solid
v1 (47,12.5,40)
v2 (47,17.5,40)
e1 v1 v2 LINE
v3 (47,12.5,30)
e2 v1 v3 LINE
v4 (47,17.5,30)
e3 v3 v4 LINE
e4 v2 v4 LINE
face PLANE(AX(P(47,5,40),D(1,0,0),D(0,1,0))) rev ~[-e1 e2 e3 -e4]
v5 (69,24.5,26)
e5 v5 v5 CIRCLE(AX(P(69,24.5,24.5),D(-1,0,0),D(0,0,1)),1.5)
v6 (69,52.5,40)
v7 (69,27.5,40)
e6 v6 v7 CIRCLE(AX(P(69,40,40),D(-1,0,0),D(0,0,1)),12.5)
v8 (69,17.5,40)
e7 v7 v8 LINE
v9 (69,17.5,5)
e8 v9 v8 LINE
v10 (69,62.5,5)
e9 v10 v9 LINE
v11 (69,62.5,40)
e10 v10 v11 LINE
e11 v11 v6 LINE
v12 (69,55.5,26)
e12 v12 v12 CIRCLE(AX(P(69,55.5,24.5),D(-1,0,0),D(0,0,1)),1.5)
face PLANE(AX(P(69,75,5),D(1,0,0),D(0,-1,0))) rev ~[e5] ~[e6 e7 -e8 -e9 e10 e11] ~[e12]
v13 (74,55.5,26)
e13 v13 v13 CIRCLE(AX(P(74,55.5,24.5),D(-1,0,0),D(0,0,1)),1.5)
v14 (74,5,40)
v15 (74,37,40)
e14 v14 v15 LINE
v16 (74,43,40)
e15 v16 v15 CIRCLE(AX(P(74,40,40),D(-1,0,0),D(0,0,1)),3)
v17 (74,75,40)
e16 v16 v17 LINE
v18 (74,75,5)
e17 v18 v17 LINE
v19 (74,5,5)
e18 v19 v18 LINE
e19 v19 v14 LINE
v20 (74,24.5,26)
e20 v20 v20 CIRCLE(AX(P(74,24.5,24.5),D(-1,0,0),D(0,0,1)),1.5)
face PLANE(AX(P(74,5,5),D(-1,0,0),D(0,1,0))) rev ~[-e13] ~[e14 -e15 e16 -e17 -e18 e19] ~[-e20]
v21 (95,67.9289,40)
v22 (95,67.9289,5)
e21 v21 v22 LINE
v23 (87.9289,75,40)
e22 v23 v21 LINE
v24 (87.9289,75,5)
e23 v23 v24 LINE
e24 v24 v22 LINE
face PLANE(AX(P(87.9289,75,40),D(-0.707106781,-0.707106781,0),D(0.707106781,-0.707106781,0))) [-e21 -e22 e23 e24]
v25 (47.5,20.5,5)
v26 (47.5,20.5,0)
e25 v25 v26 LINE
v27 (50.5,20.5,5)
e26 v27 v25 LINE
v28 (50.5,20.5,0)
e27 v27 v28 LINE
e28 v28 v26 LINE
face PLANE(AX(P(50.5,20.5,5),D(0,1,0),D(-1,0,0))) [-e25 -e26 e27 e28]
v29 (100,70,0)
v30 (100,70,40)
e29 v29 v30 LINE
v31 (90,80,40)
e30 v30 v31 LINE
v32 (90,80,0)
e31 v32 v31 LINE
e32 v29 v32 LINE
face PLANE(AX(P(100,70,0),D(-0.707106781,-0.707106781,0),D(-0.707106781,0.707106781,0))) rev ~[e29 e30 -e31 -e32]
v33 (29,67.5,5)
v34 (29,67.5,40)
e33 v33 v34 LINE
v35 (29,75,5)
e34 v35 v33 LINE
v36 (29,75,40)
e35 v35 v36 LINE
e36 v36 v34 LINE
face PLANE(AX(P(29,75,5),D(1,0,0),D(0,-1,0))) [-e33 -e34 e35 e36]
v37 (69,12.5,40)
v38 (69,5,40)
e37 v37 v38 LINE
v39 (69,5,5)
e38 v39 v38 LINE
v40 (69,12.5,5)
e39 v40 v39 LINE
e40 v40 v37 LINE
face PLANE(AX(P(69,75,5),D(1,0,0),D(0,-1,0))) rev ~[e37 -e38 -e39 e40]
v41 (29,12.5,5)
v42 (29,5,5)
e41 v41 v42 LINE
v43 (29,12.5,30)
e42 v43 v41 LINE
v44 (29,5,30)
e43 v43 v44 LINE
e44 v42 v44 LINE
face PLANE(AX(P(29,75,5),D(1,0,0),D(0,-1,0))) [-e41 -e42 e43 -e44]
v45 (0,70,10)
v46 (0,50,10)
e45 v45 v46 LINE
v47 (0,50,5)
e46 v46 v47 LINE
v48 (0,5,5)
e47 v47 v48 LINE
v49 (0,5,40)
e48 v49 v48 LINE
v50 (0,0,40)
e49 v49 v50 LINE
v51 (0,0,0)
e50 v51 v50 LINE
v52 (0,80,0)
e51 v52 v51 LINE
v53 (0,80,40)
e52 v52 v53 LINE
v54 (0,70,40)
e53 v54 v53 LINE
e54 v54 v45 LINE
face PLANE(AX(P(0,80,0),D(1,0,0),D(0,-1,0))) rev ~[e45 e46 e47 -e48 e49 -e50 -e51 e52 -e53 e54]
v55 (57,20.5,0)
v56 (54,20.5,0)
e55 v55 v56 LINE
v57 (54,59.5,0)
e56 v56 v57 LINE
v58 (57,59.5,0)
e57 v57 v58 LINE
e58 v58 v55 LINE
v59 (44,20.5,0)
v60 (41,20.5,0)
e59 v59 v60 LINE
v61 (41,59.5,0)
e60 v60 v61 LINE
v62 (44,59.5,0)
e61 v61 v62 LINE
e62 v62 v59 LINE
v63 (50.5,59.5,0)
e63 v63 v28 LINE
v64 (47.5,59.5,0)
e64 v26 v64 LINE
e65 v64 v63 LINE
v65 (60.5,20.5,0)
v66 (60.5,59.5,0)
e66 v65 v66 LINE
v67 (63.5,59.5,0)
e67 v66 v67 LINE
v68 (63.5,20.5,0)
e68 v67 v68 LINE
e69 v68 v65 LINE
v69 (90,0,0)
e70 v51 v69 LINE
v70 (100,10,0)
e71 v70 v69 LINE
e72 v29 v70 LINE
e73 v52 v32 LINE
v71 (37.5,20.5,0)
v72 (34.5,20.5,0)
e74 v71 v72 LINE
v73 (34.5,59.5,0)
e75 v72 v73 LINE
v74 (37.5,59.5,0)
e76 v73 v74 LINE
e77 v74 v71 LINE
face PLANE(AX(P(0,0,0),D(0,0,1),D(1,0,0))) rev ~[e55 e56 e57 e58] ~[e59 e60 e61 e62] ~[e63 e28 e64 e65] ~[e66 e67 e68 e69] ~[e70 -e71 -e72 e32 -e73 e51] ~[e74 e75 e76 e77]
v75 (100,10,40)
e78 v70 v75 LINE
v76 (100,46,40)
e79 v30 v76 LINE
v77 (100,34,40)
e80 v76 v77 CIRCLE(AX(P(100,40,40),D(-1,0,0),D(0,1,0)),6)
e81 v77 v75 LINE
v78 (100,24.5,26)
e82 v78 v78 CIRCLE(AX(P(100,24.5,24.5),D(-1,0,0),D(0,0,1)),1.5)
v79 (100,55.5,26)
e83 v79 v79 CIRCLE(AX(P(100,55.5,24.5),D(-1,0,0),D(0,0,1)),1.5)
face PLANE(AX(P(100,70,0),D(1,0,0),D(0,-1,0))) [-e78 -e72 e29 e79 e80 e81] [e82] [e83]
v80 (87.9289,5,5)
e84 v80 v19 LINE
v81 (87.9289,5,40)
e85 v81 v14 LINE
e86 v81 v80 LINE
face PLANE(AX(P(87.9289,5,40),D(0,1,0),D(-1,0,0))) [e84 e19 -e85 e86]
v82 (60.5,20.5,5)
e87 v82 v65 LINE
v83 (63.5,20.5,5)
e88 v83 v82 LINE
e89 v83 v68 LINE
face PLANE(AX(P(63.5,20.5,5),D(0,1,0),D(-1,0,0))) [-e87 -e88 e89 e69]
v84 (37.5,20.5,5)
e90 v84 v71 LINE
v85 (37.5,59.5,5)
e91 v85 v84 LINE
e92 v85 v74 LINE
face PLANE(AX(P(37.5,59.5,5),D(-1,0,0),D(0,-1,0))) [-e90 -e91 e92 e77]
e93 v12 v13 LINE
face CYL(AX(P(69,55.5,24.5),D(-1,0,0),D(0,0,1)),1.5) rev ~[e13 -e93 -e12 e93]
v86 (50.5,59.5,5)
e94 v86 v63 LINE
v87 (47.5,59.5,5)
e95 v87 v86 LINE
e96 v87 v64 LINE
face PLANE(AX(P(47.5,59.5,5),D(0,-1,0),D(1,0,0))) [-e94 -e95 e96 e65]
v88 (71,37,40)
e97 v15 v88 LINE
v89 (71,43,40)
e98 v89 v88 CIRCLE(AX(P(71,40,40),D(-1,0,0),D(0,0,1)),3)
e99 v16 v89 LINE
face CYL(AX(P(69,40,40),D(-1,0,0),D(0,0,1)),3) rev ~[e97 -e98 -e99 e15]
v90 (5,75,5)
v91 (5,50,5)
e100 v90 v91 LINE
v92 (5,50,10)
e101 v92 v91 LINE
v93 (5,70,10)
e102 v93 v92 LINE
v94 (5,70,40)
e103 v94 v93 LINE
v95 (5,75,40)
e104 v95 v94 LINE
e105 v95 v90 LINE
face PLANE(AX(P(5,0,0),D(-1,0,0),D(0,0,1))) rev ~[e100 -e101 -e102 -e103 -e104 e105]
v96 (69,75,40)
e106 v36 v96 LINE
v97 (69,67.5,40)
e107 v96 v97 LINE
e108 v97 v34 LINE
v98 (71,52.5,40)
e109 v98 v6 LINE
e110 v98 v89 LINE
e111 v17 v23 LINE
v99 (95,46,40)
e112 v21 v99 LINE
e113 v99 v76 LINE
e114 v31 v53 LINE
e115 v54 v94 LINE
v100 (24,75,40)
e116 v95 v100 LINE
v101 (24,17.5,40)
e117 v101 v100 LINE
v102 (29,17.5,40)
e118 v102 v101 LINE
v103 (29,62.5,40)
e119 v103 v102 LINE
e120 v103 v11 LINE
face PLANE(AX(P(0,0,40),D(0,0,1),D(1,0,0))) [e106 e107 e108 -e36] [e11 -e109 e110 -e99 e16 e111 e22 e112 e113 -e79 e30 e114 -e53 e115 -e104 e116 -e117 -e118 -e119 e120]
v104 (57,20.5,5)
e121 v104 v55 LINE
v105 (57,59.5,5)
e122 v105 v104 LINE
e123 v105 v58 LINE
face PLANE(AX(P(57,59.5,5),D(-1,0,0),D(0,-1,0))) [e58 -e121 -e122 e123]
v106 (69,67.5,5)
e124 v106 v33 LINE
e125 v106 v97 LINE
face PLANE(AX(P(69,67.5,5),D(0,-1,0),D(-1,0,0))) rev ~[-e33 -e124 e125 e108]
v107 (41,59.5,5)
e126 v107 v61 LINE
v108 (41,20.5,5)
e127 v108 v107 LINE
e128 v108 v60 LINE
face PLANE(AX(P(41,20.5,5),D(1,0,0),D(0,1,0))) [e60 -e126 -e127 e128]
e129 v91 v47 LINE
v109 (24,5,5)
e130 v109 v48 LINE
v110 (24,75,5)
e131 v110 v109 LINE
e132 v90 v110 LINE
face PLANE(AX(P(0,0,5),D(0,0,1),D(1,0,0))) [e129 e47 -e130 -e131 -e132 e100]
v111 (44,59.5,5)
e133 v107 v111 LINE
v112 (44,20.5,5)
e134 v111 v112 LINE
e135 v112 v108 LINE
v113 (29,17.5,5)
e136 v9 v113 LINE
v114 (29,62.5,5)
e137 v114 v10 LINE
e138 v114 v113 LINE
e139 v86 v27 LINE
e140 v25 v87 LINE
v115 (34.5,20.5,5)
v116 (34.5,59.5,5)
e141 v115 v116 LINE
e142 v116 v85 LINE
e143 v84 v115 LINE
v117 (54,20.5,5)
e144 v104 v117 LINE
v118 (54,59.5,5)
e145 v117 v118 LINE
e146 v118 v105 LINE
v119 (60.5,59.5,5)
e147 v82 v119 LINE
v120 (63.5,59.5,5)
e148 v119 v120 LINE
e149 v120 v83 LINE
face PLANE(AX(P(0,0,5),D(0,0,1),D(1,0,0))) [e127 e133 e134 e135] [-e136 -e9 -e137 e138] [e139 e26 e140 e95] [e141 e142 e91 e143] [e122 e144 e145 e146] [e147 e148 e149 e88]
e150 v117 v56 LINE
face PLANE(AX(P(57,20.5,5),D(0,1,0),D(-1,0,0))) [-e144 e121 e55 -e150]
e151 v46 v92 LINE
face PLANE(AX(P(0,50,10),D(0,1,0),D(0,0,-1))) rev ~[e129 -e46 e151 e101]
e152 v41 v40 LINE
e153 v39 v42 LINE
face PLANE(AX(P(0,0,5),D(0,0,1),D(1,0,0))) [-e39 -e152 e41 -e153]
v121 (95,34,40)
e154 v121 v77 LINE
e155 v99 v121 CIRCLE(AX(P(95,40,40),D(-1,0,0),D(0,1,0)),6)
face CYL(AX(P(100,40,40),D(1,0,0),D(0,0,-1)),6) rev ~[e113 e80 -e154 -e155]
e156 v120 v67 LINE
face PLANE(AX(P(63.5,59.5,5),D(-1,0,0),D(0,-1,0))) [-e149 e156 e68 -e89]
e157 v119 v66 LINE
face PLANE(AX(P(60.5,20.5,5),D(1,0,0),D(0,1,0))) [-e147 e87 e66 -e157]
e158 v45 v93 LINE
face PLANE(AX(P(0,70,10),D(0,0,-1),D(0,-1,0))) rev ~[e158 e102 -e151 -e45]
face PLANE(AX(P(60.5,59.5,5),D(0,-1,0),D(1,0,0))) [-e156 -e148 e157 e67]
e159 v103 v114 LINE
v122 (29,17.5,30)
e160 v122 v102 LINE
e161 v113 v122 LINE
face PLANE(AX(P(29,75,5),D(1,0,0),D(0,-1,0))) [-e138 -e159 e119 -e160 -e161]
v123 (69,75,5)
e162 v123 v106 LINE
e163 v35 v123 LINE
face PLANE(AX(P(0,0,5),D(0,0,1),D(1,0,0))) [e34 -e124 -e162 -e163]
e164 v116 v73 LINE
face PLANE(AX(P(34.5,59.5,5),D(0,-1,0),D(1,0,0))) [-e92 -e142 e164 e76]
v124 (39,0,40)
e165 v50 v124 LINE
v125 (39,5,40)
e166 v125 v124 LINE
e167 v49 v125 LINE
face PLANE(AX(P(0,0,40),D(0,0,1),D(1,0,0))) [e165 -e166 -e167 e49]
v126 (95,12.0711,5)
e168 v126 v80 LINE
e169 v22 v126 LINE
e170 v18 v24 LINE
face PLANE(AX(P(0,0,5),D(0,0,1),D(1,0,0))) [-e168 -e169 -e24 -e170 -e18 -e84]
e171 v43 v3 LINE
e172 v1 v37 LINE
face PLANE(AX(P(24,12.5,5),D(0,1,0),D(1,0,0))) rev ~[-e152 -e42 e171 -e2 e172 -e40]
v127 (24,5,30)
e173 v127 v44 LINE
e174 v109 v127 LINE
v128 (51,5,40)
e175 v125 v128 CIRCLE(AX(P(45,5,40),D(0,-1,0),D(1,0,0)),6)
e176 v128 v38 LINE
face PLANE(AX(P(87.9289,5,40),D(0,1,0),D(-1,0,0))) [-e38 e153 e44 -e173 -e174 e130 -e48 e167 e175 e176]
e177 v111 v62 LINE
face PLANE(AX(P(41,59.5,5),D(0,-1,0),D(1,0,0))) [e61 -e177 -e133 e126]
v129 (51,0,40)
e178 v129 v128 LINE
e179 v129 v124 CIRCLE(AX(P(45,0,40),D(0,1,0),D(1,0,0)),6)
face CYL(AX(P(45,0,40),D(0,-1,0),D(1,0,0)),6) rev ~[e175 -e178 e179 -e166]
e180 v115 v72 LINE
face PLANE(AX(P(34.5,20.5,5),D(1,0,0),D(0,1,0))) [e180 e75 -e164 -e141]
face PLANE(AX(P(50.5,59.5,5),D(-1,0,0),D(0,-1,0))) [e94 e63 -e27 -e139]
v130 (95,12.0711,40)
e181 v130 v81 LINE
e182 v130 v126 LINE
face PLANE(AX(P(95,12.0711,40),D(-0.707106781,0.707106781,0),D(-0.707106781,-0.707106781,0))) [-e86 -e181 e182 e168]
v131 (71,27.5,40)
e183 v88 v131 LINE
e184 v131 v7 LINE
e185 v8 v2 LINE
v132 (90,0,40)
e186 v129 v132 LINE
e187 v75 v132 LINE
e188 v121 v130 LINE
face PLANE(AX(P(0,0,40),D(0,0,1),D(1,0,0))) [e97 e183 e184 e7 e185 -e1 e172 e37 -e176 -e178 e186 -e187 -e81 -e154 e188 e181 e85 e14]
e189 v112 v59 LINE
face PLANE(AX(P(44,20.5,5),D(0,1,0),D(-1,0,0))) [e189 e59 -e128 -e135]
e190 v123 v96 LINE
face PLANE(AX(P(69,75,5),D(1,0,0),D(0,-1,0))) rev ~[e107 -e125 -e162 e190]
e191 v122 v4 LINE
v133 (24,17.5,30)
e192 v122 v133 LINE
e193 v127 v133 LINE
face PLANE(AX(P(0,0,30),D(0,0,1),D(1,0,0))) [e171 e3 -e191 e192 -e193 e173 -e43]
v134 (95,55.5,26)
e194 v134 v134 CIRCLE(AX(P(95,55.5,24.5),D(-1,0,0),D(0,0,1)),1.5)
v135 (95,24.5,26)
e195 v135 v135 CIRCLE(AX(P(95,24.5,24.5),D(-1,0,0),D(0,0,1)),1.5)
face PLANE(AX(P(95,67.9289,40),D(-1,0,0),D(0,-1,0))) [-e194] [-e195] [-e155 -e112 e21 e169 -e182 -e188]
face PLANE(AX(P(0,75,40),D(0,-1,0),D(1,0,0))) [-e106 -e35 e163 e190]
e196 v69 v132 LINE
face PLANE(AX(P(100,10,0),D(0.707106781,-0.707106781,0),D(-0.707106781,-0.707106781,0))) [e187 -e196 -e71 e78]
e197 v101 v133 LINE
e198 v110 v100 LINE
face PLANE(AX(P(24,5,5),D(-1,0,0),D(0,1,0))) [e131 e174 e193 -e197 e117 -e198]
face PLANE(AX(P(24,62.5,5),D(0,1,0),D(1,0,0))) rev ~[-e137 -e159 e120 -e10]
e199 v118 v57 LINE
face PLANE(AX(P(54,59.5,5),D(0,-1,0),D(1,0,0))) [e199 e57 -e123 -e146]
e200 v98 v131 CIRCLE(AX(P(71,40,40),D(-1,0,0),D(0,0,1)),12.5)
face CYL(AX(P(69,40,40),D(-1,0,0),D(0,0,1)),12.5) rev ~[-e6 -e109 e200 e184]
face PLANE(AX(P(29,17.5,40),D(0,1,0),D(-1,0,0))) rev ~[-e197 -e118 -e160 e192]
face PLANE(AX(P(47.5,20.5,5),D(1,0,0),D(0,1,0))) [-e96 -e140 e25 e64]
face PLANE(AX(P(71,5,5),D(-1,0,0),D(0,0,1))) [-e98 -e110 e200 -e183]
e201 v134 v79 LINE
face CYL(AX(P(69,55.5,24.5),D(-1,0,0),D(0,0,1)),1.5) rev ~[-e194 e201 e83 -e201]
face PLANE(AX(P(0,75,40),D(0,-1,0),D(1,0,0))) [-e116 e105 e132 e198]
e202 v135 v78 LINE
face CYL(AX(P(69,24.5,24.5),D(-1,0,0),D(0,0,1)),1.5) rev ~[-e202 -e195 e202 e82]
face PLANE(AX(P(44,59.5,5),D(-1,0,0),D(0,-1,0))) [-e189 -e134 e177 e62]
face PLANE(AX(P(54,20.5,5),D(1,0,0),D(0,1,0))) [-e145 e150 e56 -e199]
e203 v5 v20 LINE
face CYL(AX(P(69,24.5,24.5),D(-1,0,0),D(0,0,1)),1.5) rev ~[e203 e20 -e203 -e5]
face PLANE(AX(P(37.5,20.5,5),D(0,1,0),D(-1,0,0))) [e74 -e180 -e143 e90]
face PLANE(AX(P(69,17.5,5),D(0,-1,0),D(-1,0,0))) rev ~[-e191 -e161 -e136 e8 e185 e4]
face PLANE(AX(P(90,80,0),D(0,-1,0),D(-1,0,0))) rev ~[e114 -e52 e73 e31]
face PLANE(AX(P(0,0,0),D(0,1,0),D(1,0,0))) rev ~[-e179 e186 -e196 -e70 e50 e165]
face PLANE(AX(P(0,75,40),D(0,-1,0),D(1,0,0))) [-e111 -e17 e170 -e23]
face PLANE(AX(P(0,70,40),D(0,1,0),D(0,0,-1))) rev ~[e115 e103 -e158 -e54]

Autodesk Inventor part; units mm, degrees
ref_plane "YZ Plane" through (0, 0, 0) normal (1, 0, 0) x (0, 1, 0)
ref_plane "XZ Plane" through (0, 0, 0) normal (0, 1, 0) x (-1, 0, 0)
ref_plane "XY Plane" through (0, 0, 0) normal (0, 0, 1) x (1, 0, 0)
sketch "Sketch1" plane through (0, 0, 0) normal (0, 0, 1) x (1, 0, 0)
  line L0 (0, 0) -> (100, 0)
  line L1 (100, 0) -> (100, 80) construction
  line L2 (100, 80) -> (0, 80)
  line L3 (0, 80) -> (0, 0)
  line L4 (100, 70) -> (90, 80)
  line L5 (100, 10) -> (90, 0)
  line L6 (100, 70) -> (100, 10)
  line L7 (90, 0) -> (0, 0)
  line L8 (90, 80) -> (0, 80)
  dimension "d0" = 100
  dimension "d1" = 80
  dimension "d15" = 10
  dimension "d16" = 10
  dimension "d17" = 10
  dimension "d18" = 10
extrude "Extrusion1" add sketch "Sketch1" along normal blind 40
sketch "Sketch2" plane through (0, 0, 40) normal (0, 0, 1) x (1, 0, 0)
  line L0 (90, 80) -> (0, 80) projected
  line L1 (100, 70) -> (90, 80) projected
  line L2 (100, 10) -> (100, 70) projected
  line L3 (90, 0) -> (100, 10) projected
  line L4 (0, 0) -> (90, 0) projected
  line L5 (0, 75) -> (87.9289, 75)
  line L6 (87.9289, 75) -> (95, 67.9289)
  line L7 (95, 67.9289) -> (95, 12.0711)
  line L8 (95, 12.0711) -> (87.9289, 5)
  line L9 (87.9289, 5) -> (0, 5)
  line L10 (0, 80) -> (0, 0) projected
  line L11 (0, 75) -> (0, 5)
  dimension "d19" = 5
extrude "Extrusion2" cut sketch "Sketch2" against normal blind 35 contours L5 L6 L7 L8 L9 L10
sketch "Sketch3" plane through (0, 0, 0) normal (-1, 0, 0) x (0, 0, 1)
  line L0 (0, 80) -> (40, 80)
  line L1 (0, 0) -> (40, 0)
  line L2 (0, 80) -> (10, 80)
  line L3 (10, 80) -> (10, 50)
  line L4 (10, 50) -> (0, 50)
  line L5 (0, 50) -> (0, 80)
  line L6 (40, 80) -> (40, 0)
  line L7 (0, 80) -> (40, 80)
  line L8 (40, 80) -> (40, 70)
  line L9 (40, 70) -> (0, 70)
  line L10 (0, 70) -> (0, 80)
  line L11 (0, 0) -> (40, 0) projected
  line L12 (0, 80) -> (40, 80) projected
  point P0 (20, 0)
  point P1 (20, 80)
  dimension "d7" = 10
  dimension "d8" = 10
  dimension "d11" = 50
extrude "Extrusion3" add sketch "Sketch3" against normal blind 5
sketch "Sketch4" plane through (100, 10, 0) normal (1, 0, 0) x (0, 0, -1)
  circle A0 centre (-40, 30) radius 6
  line L0 (-40, 0) -> (-40, 60) projected
  point P0 (0, 0)
  dimension "d12" = 12
extrude "Extrusion4" cut sketch "Sketch4" against normal through all
sketch "Sketch5" plane through (0, 0, 5) normal (0, 0, 1) x (1, 0, 0)
  line L0 (74, 75) -> (69, 75)
  line L1 (69, 75) -> (69, 5)
  line L2 (69, 5) -> (74, 5)
  line L3 (74, 5) -> (74, 75)
  line L4 (87.9289, 5) -> (0, 5) projected
  line L5 (5, 75) -> (87.9289, 75) projected
  line L6 (95, 67.9289) -> (95, 46) projected
  point P0 (0, 0)
  dimension "d20" = 5
  dimension "d21" = 21
extrude "Extrusion5" add sketch "Sketch5" along normal blind 35
sketch "Sketch6" plane through (69, 5, 5) normal (-1, 0, 0) x (0, 0, 1)
  line L0 (35, 70) -> (35, 0) projected
  circle A0 centre (35, 35) radius 3
  line L1 (19.5, 19.5) -> (50.5, 19.5) construction
  line L2 (50.5, 19.5) -> (50.5, 50.5) construction
  line L3 (50.5, 50.5) -> (19.5, 50.5) construction
  line L4 (19.5, 50.5) -> (19.5, 19.5) construction
  line L5 (19.5, 19.5) -> (50.5, 50.5) construction
  line L6 (50.5, 19.5) -> (19.5, 50.5) construction
  circle A1 centre (19.5, 50.5) radius 1.5
  circle A2 centre (19.5, 19.5) radius 1.5
  point P0 (-5, -5)
  dimension "d24" = 6
  dimension "d25" = 31
  dimension "d26" = 31
  dimension "d27" = 3
  dimension "d28" = 3
extrude "Extrusion6" cut sketch "Sketch6" against normal through all
sketch "Sketch7" plane through (69, 5, 5) normal (-1, 0, 0) x (0, 0, 1)
  arc A0 (35, 38) -> (35, 32) centre (35, 35) ccw projected
  circle A1 centre (35, 35) radius 12.5
  point P0 (-5, -5)
  dimension "d31" = 25
extrude "Extrusion7" cut sketch "Sketch7" against normal blind 2
sketch "Sketch8" plane through (0, 0, 5) normal (0, 0, 1) x (1, 0, 0)
  line L0 (69, 17.5) -> (24, 17.5)
  line L1 (24, 17.5) -> (24, 12.5)
  line L2 (24, 12.5) -> (69, 12.5)
  line L3 (69, 12.5) -> (69, 17.5)
  line L4 (69, 27.5) -> (69, 5) projected
  line L5 (69, 67.5) -> (24, 67.5)
  line L6 (24, 67.5) -> (24, 62.5)
  line L7 (24, 62.5) -> (69, 62.5)
  line L8 (69, 62.5) -> (69, 67.5)
  line L9 (24, 62.5) -> (24, 17.5) construction
  line L10 (69, 27.5) -> (69, 52.5) construction
  point P0 (0, 0)
  point P1 (69, 15)
  point P2 (24, 40)
  point P3 (69, 40)
  dimension "d34" = 45
  dimension "d35" = 5
  dimension "d36" = 45
  dimension "d37" = 5
  dimension "d38" = 45
extrude "Extrusion8" add sketch "Sketch8" along normal blind 35
sketch "Sketch9" plane through (0, 0, 5) normal (0, 0, 1) x (1, 0, 0)
  line L0 (24, 75) -> (29, 75)
  line L1 (29, 75) -> (29, 5)
  line L2 (29, 5) -> (24, 5)
  line L3 (24, 5) -> (24, 75)
  line L4 (5, 75) -> (69, 75) projected
  line L5 (69, 5) -> (0, 5) projected
  point P0 (0, 0)
  point P1 (24, 12.5)
  dimension "d41" = 5
extrude "Extrusion9" add sketch "Sketch9" along normal blind 35
sketch "Sketch10" plane through (0, 0, 40) normal (0, 0, 1) x (1, 0, 0)
  line L0 (29, 17.5) -> (69, 17.5) projected
  line L1 (24, 5) -> (24, 75) projected
  line L2 (47, 17.5) -> (24, 17.5)
  line L3 (24, 17.5) -> (24, 5)
  line L4 (24, 5) -> (47, 5)
  line L5 (47, 5) -> (47, 17.5)
  point P0 (0, 0)
  dimension "d44" = 23
extrude "Extrusion10" cut sketch "Sketch10" against normal blind 10
sketch "Sketch11" plane through (0, 0, 5) normal (0, 0, 1) x (1, 0, 0)
  line L0 (34.5, 59.5) -> (37.5, 59.5)
  line L1 (37.5, 59.5) -> (37.5, 20.5)
  line L2 (37.5, 20.5) -> (34.5, 20.5)
  line L3 (34.5, 20.5) -> (34.5, 59.5)
  line L4 (29, 62.5) -> (69, 62.5) projected
  line L5 (29, 17.5) -> (47, 17.5) projected
  line L6 (29, 17.5) -> (29, 62.5) projected
  line L7 (41, 59.5) -> (44, 59.5)
  line L8 (44, 59.5) -> (44, 20.5)
  line L9 (44, 20.5) -> (41, 20.5)
  line L10 (41, 20.5) -> (41, 59.5)
  line L11 (47.5, 59.5) -> (50.5, 59.5)
  line L12 (50.5, 59.5) -> (50.5, 20.5)
  line L13 (50.5, 20.5) -> (47.5, 20.5)
  line L14 (47.5, 20.5) -> (47.5, 59.5)
  line L15 (54, 59.5) -> (57, 59.5)
  line L16 (57, 59.5) -> (57, 20.5)
  line L17 (57, 20.5) -> (54, 20.5)
  line L18 (54, 20.5) -> (54, 59.5)
  line L19 (60.5, 59.5) -> (63.5, 59.5)
  line L20 (63.5, 59.5) -> (63.5, 20.5)
  line L21 (63.5, 20.5) -> (60.5, 20.5)
  line L22 (60.5, 20.5) -> (60.5, 59.5)
  point P0 (0, 0)
  dimension "d47" = 3
  dimension "d48" = 3
  dimension "d49" = 3
  dimension "d50" = 5.5
  dimension "d53" = 6.5
extrude "Extrusion11" cut sketch "Sketch11" against normal through all
sketch "Sketch12" plane through (0, 0, 0) normal (0, -1, 0) x (1, 0, 0)
  circle A0 centre (45, 40) radius 6
  line L0 (0, 40) -> (90, 40) projected
  point P0 (0, 0)
  dimension "d60" = 12
extrude "Extrusion12" cut sketch "Sketch12" against normal blind 5
properties part number "FA001" material "ABS Plastic"
